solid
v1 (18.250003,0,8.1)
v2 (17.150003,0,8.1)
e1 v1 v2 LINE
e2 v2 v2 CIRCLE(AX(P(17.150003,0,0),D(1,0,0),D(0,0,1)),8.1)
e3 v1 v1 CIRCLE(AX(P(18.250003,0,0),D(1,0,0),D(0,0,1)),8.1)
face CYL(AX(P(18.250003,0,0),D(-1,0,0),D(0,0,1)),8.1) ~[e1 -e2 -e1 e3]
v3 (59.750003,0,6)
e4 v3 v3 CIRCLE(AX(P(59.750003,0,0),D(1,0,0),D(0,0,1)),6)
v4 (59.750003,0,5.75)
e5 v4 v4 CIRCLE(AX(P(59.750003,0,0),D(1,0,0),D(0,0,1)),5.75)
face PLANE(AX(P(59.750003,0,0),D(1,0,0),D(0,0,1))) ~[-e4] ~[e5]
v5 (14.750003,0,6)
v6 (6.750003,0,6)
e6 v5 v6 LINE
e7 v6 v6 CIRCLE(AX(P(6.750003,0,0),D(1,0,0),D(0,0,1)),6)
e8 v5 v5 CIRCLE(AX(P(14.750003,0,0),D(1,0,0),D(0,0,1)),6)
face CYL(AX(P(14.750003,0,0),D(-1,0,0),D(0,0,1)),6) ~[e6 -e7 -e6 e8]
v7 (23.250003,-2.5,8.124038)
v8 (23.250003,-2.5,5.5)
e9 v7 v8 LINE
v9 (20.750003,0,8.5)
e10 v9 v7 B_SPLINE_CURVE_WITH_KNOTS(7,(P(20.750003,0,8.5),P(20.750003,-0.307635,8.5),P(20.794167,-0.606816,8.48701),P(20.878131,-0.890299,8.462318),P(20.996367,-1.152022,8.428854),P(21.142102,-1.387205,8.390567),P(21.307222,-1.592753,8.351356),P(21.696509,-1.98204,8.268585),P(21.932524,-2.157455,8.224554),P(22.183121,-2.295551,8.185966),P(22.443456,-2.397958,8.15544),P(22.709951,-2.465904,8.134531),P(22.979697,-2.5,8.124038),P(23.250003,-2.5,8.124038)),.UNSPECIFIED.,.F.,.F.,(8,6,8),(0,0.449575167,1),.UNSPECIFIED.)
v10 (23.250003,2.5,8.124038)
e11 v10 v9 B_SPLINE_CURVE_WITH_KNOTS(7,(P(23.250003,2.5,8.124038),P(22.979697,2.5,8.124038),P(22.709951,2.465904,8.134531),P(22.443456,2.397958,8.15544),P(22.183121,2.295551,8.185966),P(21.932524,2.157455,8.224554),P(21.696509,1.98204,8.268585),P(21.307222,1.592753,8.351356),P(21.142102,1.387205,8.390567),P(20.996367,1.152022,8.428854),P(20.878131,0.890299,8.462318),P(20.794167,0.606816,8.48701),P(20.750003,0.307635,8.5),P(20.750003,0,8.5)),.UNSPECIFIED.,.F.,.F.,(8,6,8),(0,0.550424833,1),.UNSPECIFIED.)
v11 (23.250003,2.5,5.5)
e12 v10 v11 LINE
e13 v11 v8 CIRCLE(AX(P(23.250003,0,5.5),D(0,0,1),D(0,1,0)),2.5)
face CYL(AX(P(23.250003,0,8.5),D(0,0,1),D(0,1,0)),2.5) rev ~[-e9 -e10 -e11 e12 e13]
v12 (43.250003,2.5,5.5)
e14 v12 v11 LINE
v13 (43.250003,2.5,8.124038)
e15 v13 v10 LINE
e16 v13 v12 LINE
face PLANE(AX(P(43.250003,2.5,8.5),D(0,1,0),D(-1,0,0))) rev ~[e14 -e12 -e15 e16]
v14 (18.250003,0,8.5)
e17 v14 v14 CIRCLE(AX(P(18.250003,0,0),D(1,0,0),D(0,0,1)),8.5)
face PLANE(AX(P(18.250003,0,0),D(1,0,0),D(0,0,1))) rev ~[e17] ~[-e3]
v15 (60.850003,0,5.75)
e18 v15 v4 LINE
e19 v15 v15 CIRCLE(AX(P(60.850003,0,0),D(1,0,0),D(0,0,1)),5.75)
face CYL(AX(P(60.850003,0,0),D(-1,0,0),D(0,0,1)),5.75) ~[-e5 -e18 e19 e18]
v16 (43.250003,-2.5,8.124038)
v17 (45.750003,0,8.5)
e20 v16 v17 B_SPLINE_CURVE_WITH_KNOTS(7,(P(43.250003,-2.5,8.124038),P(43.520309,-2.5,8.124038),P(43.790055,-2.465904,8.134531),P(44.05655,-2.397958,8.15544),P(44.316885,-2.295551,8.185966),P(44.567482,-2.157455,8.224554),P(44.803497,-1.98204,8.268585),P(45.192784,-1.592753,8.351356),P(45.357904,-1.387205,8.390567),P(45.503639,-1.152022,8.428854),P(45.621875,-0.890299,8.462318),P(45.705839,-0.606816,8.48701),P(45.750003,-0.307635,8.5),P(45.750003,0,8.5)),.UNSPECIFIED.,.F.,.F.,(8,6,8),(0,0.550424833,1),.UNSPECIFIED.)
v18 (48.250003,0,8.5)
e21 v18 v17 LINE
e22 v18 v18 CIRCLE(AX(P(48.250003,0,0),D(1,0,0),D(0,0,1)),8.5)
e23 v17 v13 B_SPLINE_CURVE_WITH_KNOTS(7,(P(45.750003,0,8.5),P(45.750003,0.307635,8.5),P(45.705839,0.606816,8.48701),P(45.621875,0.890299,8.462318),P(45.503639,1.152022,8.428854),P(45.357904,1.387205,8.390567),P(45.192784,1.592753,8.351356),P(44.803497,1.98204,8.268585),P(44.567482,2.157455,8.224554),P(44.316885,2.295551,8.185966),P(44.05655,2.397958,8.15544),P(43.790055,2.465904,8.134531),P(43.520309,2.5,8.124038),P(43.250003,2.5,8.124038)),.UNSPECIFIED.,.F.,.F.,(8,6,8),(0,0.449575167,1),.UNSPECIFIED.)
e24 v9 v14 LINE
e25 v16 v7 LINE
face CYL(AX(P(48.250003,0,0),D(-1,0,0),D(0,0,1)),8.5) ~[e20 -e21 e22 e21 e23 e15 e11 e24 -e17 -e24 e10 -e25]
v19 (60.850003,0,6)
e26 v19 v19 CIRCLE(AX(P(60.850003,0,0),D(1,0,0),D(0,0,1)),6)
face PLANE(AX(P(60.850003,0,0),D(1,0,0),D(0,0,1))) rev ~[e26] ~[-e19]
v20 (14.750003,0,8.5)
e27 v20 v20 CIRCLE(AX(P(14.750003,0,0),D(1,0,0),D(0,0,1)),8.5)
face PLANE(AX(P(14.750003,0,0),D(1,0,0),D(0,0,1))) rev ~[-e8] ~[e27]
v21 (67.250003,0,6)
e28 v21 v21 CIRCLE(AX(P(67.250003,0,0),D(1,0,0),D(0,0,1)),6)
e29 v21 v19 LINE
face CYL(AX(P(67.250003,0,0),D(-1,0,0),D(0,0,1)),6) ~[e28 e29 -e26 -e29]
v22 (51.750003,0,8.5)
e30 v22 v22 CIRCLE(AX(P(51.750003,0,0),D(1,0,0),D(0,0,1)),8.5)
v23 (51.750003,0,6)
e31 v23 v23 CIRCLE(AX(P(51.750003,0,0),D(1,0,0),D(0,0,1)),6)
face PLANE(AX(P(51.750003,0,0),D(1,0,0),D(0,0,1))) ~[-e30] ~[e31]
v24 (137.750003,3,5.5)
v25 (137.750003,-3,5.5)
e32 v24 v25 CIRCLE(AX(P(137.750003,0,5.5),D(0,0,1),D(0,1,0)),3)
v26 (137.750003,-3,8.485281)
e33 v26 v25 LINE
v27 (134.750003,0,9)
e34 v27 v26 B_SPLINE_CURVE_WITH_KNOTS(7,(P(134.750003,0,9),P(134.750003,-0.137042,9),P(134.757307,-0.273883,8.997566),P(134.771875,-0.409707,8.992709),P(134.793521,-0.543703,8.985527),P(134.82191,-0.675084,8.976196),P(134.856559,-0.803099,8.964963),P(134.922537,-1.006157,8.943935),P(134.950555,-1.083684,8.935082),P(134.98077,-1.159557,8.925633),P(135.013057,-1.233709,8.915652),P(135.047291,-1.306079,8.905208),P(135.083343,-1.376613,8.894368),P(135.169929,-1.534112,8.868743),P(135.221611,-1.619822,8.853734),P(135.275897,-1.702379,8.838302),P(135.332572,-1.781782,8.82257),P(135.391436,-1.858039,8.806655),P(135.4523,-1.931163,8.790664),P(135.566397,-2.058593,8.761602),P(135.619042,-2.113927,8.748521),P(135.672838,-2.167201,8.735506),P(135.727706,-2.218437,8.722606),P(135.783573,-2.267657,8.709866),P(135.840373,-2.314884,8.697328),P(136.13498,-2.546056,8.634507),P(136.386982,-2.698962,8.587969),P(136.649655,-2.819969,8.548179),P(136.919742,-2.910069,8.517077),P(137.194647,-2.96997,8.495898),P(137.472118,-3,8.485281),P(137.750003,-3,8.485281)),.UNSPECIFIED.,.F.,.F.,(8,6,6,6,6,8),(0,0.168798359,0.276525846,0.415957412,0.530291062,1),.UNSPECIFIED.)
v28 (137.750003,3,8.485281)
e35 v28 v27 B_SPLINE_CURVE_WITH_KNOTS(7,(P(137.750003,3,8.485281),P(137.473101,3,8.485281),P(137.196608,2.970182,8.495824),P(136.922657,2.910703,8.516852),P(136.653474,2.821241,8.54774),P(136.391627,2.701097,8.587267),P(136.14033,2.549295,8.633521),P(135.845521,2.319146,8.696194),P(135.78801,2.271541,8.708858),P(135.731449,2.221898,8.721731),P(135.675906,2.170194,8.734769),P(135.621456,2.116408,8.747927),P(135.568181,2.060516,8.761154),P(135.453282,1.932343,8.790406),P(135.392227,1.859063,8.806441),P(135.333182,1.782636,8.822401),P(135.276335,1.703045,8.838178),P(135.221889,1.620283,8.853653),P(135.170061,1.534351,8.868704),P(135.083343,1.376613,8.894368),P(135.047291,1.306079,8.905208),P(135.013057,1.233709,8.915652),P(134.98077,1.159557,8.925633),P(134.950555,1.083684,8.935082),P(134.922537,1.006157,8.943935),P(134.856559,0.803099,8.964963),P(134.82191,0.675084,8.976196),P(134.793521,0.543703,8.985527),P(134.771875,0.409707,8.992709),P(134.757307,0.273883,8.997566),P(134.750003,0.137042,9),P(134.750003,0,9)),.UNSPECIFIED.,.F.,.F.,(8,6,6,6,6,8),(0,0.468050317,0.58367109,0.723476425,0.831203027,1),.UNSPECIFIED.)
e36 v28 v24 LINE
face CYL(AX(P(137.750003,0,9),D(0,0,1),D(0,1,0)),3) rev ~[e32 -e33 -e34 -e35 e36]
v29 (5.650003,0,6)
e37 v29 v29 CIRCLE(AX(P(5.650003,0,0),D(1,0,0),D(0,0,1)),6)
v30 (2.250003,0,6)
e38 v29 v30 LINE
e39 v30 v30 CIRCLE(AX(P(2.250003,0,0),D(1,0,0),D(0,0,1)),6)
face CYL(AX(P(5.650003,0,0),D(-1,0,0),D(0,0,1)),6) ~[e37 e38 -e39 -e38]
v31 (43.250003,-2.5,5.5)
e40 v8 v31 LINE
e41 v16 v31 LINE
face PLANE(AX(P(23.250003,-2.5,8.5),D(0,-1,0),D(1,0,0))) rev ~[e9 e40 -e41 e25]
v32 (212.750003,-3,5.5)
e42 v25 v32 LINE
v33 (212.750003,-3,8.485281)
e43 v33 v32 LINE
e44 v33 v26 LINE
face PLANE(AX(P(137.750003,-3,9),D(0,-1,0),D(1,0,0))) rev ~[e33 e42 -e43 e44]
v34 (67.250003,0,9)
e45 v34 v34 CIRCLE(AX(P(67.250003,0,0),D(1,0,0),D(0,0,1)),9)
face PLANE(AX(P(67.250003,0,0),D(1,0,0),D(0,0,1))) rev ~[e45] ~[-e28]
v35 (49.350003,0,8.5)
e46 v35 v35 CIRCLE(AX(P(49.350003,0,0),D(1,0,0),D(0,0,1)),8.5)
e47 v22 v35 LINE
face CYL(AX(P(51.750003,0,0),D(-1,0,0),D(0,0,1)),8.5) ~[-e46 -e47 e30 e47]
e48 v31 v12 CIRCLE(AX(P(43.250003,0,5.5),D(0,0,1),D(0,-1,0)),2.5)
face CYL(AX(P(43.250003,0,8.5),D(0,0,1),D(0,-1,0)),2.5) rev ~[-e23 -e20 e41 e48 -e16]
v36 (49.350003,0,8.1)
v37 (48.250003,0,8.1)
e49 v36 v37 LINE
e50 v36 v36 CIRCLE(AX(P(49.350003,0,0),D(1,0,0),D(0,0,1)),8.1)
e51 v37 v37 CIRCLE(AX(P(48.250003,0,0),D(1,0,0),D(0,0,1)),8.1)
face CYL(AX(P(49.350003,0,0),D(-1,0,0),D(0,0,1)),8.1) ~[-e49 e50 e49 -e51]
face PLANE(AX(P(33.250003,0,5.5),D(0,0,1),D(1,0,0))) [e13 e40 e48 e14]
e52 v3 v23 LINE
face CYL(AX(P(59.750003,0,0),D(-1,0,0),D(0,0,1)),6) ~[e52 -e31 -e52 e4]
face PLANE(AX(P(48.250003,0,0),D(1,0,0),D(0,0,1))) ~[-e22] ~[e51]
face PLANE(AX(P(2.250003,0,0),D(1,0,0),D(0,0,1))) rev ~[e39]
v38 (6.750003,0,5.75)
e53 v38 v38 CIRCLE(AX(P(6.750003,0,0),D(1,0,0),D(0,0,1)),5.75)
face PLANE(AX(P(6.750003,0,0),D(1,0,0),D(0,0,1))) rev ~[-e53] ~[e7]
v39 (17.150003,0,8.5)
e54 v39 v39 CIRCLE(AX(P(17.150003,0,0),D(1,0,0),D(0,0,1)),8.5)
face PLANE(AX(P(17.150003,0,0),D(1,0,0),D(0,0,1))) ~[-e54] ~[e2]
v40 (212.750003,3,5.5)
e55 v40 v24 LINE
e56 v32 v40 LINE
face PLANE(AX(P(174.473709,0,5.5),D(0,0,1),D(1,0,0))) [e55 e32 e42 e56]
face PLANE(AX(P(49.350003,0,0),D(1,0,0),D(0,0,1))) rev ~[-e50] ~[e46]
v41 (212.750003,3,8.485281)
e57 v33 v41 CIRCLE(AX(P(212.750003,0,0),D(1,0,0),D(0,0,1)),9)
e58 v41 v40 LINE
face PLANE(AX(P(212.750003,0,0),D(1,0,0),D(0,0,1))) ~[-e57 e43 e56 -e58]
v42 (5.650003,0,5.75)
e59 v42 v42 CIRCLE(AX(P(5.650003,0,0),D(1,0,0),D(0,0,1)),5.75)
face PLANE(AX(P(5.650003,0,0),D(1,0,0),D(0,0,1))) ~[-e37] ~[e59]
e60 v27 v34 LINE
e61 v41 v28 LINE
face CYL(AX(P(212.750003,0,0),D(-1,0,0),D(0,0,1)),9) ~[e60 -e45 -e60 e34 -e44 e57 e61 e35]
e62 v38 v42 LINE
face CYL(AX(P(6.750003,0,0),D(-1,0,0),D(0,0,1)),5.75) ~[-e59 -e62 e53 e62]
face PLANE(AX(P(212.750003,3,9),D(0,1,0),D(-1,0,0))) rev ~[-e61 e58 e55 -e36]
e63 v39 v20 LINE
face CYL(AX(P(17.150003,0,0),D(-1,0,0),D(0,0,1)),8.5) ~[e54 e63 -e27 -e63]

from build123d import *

# Parameters (mm, degrees)
F4_DEPTH = 3
F7_DEPTH = 3.5


with BuildPart() as f1:
    # F0 (on Front) → F1 (revolve)
    with BuildSketch(Plane.XZ):
        Polygon((2.250003, 6), (2.250003, 0), (64.250003, 0), (81.750003, 0), (192.750003, 0), (212.750003, 0), (212.750003, 6), (212.750003, 9), (192.750003, 9), (67.250003, 9), (67.250003, 6), (62.250003, 6), (60.850003, 6), (60.850003, 5.75), (59.750003, 5.75), (59.750003, 6), (51.750003, 6), (51.750003, 8.5), (49.350003, 8.5), (49.350003, 8.1), (48.250003, 8.1), (48.250003, 8.5), (18.250003, 8.5), (18.250003, 8.1), (17.150003, 8.1), (17.150003, 8.5), (14.750003, 8.5), (14.750003, 6), (6.750003, 6), (6.750003, 5.75), (5.650003, 5.75), (5.650003, 6), align=None)
    revolve(axis=Axis((33.250003, 0, 0), (1, 0, 0)))

    # F3 (on offset) → F4 (cut)
    with BuildSketch(Plane.XY.offset(8.5)):
        with BuildLine():
            Line((43.250003, 2.5), (23.250003, 2.5))
            ThreePointArc((23.250003, 2.5), (20.750003, 0), (23.250003, -2.5))
            Line((23.250003, -2.5), (43.250003, -2.5))
            ThreePointArc((43.250003, -2.5), (45.750003, 0), (43.250003, 2.5))
        make_face()
    extrude(amount=-F4_DEPTH, mode=Mode.SUBTRACT)

    # F6 (on offset) → F7 (cut)
    with BuildSketch(Plane.XY.offset(9)):
        with BuildLine():
            Line((212.750003, 3), (137.750003, 3))
            ThreePointArc((137.750003, 3), (134.750003, 0), (137.750003, -3))
            Line((137.750003, -3), (212.750003, -3))
            Line((212.750003, -3), (212.750003, 3))
        make_face()
    extrude(amount=-F7_DEPTH, mode=Mode.SUBTRACT)


solid = f1.part
